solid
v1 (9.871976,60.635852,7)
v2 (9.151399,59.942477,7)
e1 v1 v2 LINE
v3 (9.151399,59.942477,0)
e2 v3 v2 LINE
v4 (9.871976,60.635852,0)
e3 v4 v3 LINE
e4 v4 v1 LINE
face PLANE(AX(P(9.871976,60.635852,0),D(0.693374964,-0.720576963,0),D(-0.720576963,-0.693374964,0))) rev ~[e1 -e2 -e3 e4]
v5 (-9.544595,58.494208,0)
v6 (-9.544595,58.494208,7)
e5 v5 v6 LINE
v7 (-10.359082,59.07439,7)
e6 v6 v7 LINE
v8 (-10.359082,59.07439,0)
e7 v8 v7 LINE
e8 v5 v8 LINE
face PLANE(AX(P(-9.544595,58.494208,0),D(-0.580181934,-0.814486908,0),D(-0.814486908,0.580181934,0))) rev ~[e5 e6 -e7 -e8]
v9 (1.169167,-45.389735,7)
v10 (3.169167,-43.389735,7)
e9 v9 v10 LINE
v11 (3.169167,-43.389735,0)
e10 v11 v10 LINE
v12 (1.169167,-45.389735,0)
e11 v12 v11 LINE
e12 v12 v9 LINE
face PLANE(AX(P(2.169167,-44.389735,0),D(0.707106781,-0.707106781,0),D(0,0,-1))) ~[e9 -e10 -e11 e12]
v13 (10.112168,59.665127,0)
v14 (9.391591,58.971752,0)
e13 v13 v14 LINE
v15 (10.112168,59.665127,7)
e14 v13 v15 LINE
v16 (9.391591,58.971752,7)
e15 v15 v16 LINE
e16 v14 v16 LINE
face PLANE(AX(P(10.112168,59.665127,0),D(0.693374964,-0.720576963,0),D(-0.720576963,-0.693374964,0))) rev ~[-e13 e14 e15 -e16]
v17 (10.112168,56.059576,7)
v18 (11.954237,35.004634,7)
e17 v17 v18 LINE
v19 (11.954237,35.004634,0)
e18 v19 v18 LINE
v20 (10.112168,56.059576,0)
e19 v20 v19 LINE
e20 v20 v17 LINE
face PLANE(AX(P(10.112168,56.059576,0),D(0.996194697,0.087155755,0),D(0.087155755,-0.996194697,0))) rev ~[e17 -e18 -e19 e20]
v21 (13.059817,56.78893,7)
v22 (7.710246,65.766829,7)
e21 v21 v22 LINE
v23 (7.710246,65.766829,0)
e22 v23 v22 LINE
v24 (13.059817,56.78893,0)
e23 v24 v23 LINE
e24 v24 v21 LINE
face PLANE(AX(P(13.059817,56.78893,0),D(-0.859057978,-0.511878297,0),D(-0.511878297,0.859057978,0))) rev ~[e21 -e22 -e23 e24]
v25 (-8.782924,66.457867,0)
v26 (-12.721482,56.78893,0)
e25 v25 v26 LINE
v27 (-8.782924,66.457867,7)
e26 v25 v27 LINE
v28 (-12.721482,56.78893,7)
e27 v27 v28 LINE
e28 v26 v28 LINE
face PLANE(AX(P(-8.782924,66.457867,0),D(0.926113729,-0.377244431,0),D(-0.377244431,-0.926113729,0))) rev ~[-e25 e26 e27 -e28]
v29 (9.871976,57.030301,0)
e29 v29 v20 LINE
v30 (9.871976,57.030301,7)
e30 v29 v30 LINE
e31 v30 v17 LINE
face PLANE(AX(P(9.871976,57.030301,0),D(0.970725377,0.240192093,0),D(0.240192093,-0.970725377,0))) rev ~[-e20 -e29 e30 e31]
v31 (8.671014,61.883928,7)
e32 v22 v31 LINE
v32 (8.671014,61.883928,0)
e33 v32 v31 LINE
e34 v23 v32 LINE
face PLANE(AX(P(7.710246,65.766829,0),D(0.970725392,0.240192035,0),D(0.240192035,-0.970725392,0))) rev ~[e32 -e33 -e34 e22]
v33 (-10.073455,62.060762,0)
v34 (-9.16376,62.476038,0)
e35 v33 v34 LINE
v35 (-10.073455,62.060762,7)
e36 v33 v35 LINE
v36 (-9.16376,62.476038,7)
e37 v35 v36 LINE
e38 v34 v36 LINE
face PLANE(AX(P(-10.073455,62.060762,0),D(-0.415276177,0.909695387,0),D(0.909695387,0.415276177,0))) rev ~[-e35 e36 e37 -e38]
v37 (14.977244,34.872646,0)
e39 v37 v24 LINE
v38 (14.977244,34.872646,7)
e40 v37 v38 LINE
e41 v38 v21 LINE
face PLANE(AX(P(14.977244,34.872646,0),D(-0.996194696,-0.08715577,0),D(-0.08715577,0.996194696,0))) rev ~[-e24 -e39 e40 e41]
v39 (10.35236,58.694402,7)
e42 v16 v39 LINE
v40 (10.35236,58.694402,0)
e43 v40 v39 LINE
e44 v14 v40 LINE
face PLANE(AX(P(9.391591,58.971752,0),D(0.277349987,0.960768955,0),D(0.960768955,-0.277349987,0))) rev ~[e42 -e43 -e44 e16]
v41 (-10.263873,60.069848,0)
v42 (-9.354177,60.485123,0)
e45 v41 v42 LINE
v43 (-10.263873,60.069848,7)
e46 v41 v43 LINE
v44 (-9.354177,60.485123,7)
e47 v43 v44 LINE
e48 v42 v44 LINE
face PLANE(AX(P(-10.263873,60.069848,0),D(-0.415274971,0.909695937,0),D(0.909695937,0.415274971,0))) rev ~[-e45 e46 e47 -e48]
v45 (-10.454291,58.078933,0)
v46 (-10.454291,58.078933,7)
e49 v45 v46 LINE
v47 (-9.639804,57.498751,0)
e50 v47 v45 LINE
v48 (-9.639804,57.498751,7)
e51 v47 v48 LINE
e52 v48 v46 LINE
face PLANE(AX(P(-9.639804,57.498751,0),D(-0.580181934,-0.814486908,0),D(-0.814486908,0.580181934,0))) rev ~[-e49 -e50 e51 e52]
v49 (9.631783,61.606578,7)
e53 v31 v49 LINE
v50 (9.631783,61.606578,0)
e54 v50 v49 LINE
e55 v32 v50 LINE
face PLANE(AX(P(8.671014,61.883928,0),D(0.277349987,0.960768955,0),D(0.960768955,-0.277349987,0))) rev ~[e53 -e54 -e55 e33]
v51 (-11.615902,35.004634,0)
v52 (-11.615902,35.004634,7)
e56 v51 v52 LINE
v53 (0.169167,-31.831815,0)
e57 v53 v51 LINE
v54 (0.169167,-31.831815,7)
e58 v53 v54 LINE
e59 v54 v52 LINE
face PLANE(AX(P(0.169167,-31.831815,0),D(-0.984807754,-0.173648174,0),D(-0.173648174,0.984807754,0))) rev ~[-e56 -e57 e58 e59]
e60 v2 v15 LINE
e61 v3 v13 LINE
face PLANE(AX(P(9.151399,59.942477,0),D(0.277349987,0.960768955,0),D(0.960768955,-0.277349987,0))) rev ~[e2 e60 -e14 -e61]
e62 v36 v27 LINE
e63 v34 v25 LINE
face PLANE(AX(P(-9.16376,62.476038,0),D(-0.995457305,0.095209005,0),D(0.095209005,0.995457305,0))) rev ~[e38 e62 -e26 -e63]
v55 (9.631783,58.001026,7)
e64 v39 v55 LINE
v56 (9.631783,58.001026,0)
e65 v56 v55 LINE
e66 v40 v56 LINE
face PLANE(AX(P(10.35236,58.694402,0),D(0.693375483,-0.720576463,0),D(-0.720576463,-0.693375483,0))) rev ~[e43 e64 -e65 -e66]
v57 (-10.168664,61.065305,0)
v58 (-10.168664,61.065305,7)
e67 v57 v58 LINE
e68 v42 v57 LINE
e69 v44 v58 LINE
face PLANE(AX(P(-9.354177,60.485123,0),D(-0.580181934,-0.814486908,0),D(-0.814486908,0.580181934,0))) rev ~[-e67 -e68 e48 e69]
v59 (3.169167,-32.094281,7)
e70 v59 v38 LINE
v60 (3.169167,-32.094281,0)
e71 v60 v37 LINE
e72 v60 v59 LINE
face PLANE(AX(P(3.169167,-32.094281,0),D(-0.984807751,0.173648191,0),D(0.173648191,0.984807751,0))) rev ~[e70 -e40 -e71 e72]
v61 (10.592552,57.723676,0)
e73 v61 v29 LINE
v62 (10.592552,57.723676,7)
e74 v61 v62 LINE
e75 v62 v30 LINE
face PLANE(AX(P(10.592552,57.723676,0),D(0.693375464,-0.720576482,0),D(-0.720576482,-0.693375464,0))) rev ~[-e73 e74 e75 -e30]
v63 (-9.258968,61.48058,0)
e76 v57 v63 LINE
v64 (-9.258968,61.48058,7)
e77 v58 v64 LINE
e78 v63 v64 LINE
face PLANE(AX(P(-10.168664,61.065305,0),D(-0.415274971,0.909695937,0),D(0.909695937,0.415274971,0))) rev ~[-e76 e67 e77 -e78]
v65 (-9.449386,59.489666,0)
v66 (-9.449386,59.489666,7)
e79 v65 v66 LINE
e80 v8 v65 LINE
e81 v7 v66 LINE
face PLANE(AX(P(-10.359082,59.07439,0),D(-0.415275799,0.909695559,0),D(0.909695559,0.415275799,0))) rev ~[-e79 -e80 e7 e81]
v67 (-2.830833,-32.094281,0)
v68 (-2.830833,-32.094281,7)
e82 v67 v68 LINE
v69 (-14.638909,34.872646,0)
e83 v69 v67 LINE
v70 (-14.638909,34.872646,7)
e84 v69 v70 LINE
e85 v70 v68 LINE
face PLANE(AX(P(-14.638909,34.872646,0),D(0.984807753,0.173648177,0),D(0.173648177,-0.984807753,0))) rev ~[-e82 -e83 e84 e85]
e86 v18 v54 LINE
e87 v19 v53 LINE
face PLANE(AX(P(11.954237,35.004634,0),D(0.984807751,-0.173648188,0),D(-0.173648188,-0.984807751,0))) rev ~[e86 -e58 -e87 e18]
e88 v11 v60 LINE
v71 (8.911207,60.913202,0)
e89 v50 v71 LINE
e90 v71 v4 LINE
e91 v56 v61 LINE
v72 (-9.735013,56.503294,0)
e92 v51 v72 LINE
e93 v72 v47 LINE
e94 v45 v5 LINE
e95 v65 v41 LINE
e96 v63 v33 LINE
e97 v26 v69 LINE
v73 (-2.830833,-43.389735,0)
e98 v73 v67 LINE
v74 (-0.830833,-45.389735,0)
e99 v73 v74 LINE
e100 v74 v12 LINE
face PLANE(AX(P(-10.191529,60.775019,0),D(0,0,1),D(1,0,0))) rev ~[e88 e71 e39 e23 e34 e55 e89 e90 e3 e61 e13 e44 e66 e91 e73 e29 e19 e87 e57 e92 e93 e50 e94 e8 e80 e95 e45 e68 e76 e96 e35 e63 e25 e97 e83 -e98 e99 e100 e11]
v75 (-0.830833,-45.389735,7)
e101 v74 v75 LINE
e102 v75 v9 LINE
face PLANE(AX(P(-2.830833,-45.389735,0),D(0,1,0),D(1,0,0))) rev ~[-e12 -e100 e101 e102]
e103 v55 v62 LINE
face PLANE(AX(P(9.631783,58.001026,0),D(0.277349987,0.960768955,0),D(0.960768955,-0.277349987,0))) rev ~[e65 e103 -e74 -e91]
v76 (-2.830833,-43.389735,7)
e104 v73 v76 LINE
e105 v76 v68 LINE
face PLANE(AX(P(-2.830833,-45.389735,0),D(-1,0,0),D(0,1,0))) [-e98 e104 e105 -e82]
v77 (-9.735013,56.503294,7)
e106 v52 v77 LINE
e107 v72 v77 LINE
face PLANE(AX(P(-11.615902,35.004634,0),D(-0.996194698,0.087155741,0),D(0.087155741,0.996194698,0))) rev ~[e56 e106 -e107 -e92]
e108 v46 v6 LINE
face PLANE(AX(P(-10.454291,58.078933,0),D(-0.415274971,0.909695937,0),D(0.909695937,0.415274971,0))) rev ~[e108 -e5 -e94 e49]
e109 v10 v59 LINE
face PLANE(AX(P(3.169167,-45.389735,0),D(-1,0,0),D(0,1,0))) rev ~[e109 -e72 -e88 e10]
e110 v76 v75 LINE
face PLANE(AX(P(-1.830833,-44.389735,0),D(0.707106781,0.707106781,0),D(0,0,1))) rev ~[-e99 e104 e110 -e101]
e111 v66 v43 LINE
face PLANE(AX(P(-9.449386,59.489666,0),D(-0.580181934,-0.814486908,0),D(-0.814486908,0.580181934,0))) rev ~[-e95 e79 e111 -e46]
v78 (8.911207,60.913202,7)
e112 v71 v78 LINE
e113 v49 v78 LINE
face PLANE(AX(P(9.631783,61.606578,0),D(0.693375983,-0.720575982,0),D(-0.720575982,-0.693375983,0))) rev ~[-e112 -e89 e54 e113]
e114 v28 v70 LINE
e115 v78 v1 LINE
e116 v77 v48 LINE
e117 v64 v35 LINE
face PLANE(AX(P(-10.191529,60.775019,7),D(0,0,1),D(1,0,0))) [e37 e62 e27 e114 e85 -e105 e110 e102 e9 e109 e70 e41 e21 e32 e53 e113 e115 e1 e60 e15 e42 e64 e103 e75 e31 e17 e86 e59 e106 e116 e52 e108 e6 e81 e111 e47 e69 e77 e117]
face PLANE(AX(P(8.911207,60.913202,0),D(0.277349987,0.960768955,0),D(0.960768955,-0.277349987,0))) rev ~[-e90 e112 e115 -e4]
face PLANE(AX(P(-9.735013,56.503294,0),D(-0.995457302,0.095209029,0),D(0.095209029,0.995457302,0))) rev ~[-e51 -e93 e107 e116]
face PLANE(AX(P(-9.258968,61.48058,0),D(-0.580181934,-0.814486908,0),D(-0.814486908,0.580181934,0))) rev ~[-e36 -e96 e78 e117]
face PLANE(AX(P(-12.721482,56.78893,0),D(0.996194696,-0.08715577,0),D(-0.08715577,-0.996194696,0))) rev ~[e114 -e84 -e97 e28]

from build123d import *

# Parameters (mm, degrees)
F0_W     = 6
F0_H     = 13.295454
F1_DEPTH = 7
F2_SIZE  = 2


with BuildPart() as f1:
    # F0 (on Top) → F1 (new body)
    with BuildSketch(Plane.XY):
        Polygon((-8.782924, 66.457867), (-12.721482, 56.78893), (-9.735013, 56.503294), (-9.639804, 57.498751), (-10.454291, 58.078933), (-9.544595, 58.494208), (-10.359082, 59.07439), (-9.449386, 59.489666), (-10.263873, 60.069848), (-9.354177, 60.485123), (-10.168664, 61.065305), (-9.258968, 61.48058), (-10.073455, 62.060762), (-9.16376, 62.476038), align=None)
        Polygon((-14.638909, 34.872646), (-2.830833, -32.094281), (3.169167, -32.094281), (14.977244, 34.872646), (13.059817, 56.78893), (10.112168, 56.059576), (11.954237, 35.004634), (0.169167, -31.831815), (-11.615902, 35.004634), (-9.735013, 56.503294), (-12.721482, 56.78893), align=None)
        with Locations((0.169167, -38.742008)):
            Rectangle(F0_W, F0_H)
        Polygon((10.112168, 56.059576), (13.059817, 56.78893), (7.710246, 65.766829), (8.671014, 61.883928), (9.631783, 61.606578), (8.911207, 60.913202), (9.871976, 60.635852), (9.151399, 59.942477), (10.112168, 59.665127), (9.391591, 58.971752), (10.35236, 58.694402), (9.631783, 58.001026), (10.592552, 57.723676), (9.871976, 57.030301), align=None)
    extrude(amount=F1_DEPTH)

    # F2
    f2_edges = [f1.edges().sort_by_distance(p)[0] for p in [
        (-2.830833, -45.389735, 3.5),
        (3.169167, -45.389735, 3.5),
    ]]
    chamfer(f2_edges, length=F2_SIZE)


solid = f1.part
